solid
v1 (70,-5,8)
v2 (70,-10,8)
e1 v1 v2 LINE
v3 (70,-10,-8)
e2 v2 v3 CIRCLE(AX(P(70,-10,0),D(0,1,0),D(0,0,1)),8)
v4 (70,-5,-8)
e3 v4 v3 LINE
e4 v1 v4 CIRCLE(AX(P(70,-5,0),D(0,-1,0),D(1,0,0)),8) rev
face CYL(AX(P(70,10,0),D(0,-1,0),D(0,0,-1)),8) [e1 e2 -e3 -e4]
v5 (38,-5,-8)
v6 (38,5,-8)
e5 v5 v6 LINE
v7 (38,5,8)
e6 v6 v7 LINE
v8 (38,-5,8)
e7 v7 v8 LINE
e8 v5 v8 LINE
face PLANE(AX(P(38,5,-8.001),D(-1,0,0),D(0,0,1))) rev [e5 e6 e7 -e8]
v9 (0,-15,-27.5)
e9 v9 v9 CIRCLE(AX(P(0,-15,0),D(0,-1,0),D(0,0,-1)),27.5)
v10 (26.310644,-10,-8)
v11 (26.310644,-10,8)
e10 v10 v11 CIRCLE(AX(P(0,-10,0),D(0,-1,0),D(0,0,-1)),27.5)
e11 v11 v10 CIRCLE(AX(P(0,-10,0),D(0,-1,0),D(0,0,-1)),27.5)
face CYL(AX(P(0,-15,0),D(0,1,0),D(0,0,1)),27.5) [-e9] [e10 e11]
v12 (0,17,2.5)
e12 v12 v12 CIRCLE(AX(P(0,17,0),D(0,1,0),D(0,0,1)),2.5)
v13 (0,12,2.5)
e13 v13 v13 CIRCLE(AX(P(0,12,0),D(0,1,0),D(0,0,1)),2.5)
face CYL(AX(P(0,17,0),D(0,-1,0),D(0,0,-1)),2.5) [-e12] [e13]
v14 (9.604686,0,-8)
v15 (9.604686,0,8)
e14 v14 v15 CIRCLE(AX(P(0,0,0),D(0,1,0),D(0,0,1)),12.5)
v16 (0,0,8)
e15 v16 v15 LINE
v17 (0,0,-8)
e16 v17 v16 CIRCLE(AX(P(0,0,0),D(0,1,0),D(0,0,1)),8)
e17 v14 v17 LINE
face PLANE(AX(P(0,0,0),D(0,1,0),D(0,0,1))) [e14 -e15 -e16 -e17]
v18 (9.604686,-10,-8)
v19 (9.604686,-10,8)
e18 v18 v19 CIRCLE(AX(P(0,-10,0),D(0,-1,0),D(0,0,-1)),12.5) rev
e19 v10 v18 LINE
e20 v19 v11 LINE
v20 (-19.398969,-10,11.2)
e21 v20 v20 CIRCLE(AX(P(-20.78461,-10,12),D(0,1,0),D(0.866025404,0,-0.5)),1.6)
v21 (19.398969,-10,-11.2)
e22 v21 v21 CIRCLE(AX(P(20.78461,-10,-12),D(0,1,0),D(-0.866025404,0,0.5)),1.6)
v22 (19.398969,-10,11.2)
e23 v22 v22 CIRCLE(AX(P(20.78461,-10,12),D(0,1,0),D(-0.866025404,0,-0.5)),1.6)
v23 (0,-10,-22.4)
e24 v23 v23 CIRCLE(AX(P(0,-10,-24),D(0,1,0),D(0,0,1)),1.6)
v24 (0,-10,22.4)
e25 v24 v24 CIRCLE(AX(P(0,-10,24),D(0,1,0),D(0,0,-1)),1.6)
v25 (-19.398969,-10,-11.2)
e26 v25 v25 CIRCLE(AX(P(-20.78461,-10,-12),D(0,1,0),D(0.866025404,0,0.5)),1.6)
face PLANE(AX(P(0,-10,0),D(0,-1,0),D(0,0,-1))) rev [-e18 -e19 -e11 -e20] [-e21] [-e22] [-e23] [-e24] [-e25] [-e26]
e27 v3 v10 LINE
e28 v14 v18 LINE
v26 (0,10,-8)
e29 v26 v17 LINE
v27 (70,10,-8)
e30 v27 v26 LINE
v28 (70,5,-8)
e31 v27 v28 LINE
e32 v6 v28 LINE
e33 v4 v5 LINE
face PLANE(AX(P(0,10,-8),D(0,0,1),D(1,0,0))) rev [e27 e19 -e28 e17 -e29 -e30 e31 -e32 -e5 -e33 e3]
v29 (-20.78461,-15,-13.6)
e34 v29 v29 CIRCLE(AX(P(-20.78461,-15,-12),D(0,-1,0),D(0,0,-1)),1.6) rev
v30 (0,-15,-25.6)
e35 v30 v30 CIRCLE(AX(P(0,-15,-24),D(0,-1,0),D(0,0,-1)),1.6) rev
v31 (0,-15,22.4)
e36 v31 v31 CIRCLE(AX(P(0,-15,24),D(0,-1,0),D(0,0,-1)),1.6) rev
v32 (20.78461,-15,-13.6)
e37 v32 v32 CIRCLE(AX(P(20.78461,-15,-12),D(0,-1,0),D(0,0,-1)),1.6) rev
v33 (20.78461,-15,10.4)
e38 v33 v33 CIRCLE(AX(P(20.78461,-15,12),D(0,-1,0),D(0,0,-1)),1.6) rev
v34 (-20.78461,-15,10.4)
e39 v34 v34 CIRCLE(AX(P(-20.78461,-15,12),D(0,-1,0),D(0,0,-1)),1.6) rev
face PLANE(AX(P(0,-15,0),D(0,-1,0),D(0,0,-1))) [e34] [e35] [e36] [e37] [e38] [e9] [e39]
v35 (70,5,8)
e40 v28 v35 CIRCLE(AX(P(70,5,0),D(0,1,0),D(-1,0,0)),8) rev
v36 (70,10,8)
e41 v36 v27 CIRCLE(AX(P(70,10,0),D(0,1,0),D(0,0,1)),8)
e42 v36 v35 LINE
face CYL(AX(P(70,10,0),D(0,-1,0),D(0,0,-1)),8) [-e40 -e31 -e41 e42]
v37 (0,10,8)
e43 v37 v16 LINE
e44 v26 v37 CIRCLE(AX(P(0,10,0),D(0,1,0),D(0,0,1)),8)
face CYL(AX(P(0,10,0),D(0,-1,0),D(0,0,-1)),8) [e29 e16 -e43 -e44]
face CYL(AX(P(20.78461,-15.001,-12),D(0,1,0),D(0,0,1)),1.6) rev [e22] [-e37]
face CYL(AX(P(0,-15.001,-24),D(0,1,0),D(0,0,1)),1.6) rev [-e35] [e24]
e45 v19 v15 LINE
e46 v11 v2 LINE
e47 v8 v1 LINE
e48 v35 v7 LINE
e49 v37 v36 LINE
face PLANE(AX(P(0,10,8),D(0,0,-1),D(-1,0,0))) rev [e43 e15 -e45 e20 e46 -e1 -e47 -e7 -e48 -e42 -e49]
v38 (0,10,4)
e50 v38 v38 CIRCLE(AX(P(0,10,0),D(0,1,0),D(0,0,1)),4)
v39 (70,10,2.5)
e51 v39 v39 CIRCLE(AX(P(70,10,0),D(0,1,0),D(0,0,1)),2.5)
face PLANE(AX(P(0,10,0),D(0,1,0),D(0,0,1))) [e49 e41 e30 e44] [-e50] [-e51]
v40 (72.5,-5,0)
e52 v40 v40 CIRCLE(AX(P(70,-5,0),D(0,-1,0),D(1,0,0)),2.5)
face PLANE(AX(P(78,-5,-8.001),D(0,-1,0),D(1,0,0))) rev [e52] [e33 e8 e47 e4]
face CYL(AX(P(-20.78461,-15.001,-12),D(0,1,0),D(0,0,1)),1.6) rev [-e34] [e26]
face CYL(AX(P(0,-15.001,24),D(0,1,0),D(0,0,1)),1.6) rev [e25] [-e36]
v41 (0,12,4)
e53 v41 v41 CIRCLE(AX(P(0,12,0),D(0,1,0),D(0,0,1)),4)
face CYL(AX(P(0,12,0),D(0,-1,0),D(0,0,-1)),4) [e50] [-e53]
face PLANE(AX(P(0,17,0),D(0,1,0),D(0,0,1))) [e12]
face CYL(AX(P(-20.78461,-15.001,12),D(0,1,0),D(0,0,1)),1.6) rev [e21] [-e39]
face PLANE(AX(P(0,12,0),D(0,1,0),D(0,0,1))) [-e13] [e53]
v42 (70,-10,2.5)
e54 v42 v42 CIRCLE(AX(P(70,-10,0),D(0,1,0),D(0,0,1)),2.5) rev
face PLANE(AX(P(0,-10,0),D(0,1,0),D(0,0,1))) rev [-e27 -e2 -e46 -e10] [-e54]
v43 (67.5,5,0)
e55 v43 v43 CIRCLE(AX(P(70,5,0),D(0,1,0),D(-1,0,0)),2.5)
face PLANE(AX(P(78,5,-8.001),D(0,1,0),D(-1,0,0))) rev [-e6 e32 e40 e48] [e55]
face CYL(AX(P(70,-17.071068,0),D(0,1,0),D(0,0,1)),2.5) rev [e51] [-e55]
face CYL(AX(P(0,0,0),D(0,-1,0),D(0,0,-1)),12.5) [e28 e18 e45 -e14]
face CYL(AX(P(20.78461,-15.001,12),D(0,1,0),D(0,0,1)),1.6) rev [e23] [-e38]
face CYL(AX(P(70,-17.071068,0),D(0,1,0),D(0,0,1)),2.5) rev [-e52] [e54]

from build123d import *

# Parameters (mm, degrees)
EXTRUDE_1_DEPTH          = 10
CUT_EXTRUDE_1_REACH      = 82.25
SKETCH_3_W               = 40
SKETCH_3_H               = 10
CUT_EXTRUDE_2_REACH      = 82.92
SKETCH_4_R               = 2.5
SKETCH_5_R               = 27.5
EXTRUDE_2_DEPTH          = 5
CUT_EXTRUDE_3_REACH      = 87.09
SKETCH_6_R               = 1.6
PATTERN_CIRCULAR_1_COUNT = 6
SKETCH_7_R               = 12.5
EXTRUDE_3_DEPTH          = 10
SKETCH_8_R               = 4
EXTRUDE_4_DEPTH          = 2
SKETCH_9_R               = 2.5
EXTRUDE_5_DEPTH          = 5


with BuildPart() as part:
    # 草图2 → 凸台-拉伸1 (new, symmetric)
    with BuildSketch(Plane(origin=(0, 0, 0), x_dir=(1, 0, 0), z_dir=(0, 1, 0))):
        with BuildLine():
            Line((0, 8), (70, 8))
            ThreePointArc((70, 8), (78, 0), (70, -8))
            Line((70, -8), (0, -8))
            ThreePointArc((0, -8), (-8, 0), (0, 8))
        make_face()
    extrude(amount=EXTRUDE_1_DEPTH, both=True)

    # 草图3 → 切除-拉伸1 (cut, up to next)
    with BuildSketch(Plane.XY.offset(8), mode=Mode.PRIVATE) as cut_extrude_1_sk1:
        with Locations((58, 0)):
            Rectangle(SKETCH_3_W, SKETCH_3_H)
    cut_extrude_1_tool1 = extrude(cut_extrude_1_sk1.sketch, amount=-CUT_EXTRUDE_1_REACH, mode=Mode.PRIVATE) & part.part
    add(cut_extrude_1_tool1.solids().sort_by_distance((58, 0, 8))[0], mode=Mode.SUBTRACT)

    # 切除-拉伸2: up to this face of the body (flat: up to its plane)
    cut_extrude_2_end = Plane(part.part.faces().sort_by_distance((35, -10, 0))[0])
    # 草图4 → 切除-拉伸2 (cut, up to the picked face)
    with BuildSketch(Plane(origin=(0, 10, 0), x_dir=(1, 0, 0), z_dir=(0, 1, 0)), mode=Mode.PRIVATE) as cut_extrude_2_sk1:
        with Locations(Location((70, 0, 0), (0, 0, 270))):
            Circle(SKETCH_4_R)
    cut_extrude_2_tool1 = split(extrude(cut_extrude_2_sk1.sketch, amount=-CUT_EXTRUDE_2_REACH, mode=Mode.PRIVATE), bisect_by=cut_extrude_2_end, keep=Keep.BOTH, mode=Mode.PRIVATE)
    add(cut_extrude_2_tool1.solids().sort_by(Axis((70, 10, 0), (0, -1, 0)))[0], mode=Mode.SUBTRACT)

    # 草图5 → 凸台-拉伸2 (add)
    with BuildSketch(Plane.XZ.offset(10)):
        with Locations(Location((0, 0, 0), (0, 0, 16.912389803))):
            Circle(SKETCH_5_R)
    extrude(amount=EXTRUDE_2_DEPTH)

    # 草图6 → 切除-拉伸3 (cut, up to next)
    with BuildSketch(Plane(origin=(0, -10, 0), x_dir=(1, 0, 0), z_dir=(0, 1, 0)), mode=Mode.PRIVATE) as cut_extrude_3_sk1:
        with Locations(Location((0, 24, 0), (0, 0, 270))):
            Circle(SKETCH_6_R)
    cut_extrude_3_tool1 = extrude(cut_extrude_3_sk1.sketch, amount=-CUT_EXTRUDE_3_REACH, mode=Mode.PRIVATE) & part.part
    cut_extrude_3 = cut_extrude_3_tool1.solids().sort_by_distance((0, -10, -24))[0]
    add(cut_extrude_3, mode=Mode.SUBTRACT)

    # 阵列(圆周)1: 切除-拉伸3 ×6 about axis
    pattern_circular_1_axis = Axis((0, 0, 0), (0, 1, 0))
    for i in range(1, PATTERN_CIRCULAR_1_COUNT):
        add(cut_extrude_3.rotate(pattern_circular_1_axis, i * 360 / PATTERN_CIRCULAR_1_COUNT), mode=Mode.SUBTRACT)

    # 草图7 → 凸台-拉伸3 (add)
    with BuildSketch(Plane(origin=(0, -10, 0), x_dir=(1, 0, 0), z_dir=(0, 1, 0))):
        Circle(SKETCH_7_R)
    extrude(amount=EXTRUDE_3_DEPTH)

    # 草图8 → 凸台-拉伸4 (add)
    with BuildSketch(Plane(origin=(0, 10, 0), x_dir=(1, 0, 0), z_dir=(0, 1, 0))):
        with Locations(Location((0, 0, 0), (0, 0, 270))):
            Circle(SKETCH_8_R)
    extrude(amount=EXTRUDE_4_DEPTH)

    # 草图9 → 凸台-拉伸5 (add)
    with BuildSketch(Plane(origin=(0, 12, 0), x_dir=(1, 0, 0), z_dir=(0, 1, 0))):
        with Locations(Location((0, 0, 0), (0, 0, 270))):
            Circle(SKETCH_9_R)
    extrude(amount=EXTRUDE_5_DEPTH)


solid = part.part
